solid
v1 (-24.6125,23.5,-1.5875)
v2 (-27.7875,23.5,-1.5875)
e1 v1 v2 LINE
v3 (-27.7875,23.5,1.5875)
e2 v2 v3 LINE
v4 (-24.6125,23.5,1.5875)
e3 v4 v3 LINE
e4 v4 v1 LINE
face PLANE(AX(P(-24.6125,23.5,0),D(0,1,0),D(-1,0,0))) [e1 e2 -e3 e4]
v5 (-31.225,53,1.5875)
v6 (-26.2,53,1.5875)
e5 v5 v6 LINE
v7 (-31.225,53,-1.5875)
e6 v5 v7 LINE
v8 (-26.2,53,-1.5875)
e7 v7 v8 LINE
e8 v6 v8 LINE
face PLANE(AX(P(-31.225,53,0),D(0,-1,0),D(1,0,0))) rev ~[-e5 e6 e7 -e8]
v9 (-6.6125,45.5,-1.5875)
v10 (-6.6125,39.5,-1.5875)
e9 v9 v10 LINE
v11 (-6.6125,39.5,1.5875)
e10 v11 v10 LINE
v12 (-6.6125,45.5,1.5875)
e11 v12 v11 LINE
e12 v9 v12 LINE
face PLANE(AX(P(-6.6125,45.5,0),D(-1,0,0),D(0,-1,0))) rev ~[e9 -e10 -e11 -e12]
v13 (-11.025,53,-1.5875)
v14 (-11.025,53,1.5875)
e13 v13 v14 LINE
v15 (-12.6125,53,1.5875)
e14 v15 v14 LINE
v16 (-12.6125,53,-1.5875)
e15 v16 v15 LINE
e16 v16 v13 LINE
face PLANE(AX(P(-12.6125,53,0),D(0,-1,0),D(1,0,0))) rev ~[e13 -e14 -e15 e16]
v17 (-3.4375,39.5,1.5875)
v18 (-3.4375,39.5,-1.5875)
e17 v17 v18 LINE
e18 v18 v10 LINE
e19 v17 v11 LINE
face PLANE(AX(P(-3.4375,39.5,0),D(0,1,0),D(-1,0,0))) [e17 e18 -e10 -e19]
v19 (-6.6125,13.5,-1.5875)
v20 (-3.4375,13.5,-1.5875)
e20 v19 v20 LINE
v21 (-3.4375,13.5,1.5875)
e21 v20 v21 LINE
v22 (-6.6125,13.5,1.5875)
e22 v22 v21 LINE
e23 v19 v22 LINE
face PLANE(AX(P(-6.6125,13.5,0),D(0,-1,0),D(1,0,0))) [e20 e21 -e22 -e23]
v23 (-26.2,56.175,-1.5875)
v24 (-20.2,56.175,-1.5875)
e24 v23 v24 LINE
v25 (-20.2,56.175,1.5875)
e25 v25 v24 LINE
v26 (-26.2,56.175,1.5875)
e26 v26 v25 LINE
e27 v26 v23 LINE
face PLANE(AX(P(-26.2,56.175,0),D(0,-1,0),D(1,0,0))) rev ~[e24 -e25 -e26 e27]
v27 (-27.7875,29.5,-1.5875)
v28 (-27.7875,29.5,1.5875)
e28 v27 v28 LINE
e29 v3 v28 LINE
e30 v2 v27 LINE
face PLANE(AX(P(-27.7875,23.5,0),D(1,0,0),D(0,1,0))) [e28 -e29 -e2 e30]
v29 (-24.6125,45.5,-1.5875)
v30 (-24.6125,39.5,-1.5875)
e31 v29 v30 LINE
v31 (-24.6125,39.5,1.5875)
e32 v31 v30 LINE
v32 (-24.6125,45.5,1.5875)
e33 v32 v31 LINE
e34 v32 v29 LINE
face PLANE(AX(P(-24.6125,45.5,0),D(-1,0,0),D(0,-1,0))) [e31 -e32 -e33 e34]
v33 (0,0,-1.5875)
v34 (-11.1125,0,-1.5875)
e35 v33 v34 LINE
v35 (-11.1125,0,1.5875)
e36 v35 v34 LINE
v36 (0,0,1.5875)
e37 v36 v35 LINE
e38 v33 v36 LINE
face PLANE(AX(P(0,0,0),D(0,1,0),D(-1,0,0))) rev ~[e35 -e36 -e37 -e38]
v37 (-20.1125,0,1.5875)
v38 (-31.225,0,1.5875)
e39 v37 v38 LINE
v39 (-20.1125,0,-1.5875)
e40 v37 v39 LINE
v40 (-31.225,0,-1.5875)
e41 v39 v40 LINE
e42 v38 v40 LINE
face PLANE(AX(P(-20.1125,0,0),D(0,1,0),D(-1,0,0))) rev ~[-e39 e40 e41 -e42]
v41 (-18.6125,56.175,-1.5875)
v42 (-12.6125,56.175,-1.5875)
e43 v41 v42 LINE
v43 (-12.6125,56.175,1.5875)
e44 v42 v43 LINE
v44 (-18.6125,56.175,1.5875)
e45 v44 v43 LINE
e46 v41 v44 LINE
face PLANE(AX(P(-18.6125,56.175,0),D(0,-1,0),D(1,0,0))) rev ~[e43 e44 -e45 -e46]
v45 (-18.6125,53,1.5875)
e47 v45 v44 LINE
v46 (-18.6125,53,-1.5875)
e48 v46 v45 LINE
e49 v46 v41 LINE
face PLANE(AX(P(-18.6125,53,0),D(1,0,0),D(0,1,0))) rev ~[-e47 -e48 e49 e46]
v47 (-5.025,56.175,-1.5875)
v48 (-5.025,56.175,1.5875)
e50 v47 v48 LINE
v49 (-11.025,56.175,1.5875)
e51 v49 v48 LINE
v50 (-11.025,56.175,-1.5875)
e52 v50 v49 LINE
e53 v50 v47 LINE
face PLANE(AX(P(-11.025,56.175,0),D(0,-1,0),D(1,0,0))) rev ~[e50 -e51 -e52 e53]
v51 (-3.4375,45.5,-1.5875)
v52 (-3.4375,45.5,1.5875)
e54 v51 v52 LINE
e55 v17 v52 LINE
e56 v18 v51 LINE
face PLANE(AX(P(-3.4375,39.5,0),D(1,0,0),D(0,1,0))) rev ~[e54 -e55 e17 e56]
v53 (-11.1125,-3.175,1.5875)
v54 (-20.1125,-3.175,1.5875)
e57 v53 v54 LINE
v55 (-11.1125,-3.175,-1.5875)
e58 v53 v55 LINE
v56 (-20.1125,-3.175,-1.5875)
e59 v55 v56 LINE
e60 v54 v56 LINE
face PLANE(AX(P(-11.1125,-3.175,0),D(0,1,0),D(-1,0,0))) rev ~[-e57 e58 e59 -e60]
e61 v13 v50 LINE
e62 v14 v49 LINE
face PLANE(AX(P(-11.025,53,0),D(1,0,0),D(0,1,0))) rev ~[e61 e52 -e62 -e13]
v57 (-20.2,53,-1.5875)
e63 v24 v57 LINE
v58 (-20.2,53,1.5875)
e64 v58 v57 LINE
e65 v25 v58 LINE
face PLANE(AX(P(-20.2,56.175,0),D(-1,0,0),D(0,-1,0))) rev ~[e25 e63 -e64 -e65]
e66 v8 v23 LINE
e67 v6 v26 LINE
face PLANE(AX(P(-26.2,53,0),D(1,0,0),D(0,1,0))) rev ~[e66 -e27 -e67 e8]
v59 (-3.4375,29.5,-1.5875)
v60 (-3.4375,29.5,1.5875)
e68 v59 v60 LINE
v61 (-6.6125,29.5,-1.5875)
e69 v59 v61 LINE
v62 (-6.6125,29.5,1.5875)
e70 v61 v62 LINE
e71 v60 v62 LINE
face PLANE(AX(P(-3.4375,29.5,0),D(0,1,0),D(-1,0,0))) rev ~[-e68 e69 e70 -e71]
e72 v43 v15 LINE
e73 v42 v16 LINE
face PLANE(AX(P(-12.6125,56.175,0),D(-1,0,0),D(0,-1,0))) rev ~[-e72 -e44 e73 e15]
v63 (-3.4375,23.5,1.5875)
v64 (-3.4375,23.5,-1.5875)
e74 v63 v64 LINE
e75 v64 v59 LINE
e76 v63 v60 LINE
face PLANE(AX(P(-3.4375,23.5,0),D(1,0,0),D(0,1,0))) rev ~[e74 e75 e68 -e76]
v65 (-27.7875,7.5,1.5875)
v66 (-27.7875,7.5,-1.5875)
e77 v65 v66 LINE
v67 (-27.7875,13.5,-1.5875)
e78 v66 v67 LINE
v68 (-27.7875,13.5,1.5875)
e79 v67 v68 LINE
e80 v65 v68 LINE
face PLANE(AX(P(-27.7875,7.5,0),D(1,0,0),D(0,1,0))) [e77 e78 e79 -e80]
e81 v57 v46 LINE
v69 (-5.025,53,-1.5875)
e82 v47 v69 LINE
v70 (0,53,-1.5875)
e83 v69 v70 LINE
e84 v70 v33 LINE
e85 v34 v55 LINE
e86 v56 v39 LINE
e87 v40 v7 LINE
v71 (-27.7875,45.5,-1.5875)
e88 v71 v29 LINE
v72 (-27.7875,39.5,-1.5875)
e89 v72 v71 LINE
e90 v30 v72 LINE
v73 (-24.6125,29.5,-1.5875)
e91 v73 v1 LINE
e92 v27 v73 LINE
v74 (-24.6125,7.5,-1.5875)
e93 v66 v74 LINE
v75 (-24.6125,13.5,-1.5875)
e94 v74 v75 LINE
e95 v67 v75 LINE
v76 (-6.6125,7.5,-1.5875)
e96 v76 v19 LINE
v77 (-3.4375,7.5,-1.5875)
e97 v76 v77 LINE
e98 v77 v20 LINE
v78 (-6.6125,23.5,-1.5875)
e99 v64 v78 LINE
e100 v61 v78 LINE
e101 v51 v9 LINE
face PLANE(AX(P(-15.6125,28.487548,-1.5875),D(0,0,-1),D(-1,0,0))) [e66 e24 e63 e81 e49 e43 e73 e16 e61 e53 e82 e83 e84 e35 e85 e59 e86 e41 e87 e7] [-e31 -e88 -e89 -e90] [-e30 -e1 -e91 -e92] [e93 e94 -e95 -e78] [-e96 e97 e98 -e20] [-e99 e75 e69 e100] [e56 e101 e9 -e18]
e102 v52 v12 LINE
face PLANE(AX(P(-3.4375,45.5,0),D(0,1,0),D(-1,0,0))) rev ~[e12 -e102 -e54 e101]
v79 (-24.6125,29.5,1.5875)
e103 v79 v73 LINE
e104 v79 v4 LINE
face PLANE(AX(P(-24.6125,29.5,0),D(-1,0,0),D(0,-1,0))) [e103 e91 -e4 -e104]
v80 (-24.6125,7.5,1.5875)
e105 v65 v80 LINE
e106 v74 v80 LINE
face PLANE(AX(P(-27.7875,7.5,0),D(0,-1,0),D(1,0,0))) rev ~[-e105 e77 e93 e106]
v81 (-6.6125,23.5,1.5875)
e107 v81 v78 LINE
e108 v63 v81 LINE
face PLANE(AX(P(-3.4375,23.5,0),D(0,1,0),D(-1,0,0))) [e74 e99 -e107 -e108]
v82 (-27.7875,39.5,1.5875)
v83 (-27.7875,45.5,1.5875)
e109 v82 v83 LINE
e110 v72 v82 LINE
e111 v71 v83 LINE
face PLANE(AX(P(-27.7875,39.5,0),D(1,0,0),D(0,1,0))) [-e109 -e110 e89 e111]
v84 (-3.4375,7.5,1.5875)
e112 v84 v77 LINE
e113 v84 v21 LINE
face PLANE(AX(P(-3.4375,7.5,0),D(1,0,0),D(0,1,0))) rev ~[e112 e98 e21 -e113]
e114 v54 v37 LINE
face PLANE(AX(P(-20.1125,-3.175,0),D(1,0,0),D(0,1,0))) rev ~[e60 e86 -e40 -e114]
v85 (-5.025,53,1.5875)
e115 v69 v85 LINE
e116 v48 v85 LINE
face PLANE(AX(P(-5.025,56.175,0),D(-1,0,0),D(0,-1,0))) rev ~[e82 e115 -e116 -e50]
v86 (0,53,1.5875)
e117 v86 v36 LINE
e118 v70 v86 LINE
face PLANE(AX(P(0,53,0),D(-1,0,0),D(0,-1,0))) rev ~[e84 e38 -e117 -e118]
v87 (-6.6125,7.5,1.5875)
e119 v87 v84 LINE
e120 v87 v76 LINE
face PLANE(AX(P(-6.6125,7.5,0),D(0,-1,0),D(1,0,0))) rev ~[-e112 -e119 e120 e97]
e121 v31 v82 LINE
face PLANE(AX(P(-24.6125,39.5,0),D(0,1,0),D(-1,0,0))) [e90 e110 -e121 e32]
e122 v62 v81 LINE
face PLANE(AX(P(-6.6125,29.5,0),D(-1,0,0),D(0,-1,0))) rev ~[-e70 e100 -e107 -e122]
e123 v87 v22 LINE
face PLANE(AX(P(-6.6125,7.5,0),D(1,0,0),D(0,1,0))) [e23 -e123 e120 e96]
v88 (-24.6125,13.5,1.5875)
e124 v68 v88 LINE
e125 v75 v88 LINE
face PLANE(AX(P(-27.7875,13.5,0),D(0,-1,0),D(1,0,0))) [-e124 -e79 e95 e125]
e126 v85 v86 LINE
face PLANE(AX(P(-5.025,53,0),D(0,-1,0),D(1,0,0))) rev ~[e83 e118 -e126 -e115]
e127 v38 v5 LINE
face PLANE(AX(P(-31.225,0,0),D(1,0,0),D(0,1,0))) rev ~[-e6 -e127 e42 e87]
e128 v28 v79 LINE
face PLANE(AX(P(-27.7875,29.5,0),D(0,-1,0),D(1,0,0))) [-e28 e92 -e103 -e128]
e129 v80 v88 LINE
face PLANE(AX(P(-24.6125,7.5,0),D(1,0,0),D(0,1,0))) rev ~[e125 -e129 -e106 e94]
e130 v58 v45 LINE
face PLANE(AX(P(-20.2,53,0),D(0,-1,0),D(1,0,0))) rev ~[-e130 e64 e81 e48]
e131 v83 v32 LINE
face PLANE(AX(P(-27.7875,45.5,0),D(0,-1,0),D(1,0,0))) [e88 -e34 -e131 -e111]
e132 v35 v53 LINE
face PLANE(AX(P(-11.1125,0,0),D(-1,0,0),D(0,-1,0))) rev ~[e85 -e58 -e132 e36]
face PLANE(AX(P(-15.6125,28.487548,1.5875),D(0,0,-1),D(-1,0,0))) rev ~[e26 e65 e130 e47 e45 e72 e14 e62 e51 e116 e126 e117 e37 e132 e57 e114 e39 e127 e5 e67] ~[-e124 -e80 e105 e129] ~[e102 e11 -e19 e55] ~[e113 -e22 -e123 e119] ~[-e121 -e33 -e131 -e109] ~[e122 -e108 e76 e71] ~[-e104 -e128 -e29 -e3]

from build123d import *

# Parameters (mm, degrees)
SKETCH1_W           = 3.175
SKETCH1_H           = 6
BOSS_EXTRUDE1_DEPTH = 1.5875


with BuildPart() as part:
    # Sketch1 → Boss-Extrude1 (new body, symmetric)
    with BuildSketch(Plane.XY):
        Polygon((0, 0), (-11.1125, 0), (-11.1125, -3.175), (-20.1125, -3.175), (-20.1125, 0), (-31.225, 0), (-31.225, 53), (-26.2, 53), (-26.2, 56.175), (-20.2, 56.175), (-20.2, 53), (-18.6125, 53), (-18.6125, 56.175), (-12.6125, 56.175), (-12.6125, 53), (-11.025, 53), (-11.025, 56.175), (-5.025, 56.175), (-5.025, 53), (0, 53), align=None)
        with Locations((-5.025, 10.5)):
            Rectangle(SKETCH1_W, SKETCH1_H, mode=Mode.SUBTRACT)
        Polygon((-5.025, 23.5), (-3.4375, 23.5), (-3.4375, 29.5), (-6.6125, 29.5), (-6.6125, 23.5), align=None, mode=Mode.SUBTRACT)
        Polygon((-5.025, 39.5), (-3.4375, 39.5), (-3.4375, 45.5), (-6.6125, 45.5), (-6.6125, 39.5), align=None, mode=Mode.SUBTRACT)
        Polygon((-24.6125, 39.5), (-26.2, 39.5), (-27.7875, 39.5), (-27.7875, 45.5), (-24.6125, 45.5), align=None, mode=Mode.SUBTRACT)
        Polygon((-24.6125, 23.5), (-26.2, 23.5), (-27.7875, 23.5), (-27.7875, 29.5), (-24.6125, 29.5), align=None, mode=Mode.SUBTRACT)
        with Locations((-26.2, 10.5)):
            Rectangle(SKETCH1_W, SKETCH1_H, mode=Mode.SUBTRACT)
    extrude(amount=BOSS_EXTRUDE1_DEPTH, both=True)


solid = part.part
